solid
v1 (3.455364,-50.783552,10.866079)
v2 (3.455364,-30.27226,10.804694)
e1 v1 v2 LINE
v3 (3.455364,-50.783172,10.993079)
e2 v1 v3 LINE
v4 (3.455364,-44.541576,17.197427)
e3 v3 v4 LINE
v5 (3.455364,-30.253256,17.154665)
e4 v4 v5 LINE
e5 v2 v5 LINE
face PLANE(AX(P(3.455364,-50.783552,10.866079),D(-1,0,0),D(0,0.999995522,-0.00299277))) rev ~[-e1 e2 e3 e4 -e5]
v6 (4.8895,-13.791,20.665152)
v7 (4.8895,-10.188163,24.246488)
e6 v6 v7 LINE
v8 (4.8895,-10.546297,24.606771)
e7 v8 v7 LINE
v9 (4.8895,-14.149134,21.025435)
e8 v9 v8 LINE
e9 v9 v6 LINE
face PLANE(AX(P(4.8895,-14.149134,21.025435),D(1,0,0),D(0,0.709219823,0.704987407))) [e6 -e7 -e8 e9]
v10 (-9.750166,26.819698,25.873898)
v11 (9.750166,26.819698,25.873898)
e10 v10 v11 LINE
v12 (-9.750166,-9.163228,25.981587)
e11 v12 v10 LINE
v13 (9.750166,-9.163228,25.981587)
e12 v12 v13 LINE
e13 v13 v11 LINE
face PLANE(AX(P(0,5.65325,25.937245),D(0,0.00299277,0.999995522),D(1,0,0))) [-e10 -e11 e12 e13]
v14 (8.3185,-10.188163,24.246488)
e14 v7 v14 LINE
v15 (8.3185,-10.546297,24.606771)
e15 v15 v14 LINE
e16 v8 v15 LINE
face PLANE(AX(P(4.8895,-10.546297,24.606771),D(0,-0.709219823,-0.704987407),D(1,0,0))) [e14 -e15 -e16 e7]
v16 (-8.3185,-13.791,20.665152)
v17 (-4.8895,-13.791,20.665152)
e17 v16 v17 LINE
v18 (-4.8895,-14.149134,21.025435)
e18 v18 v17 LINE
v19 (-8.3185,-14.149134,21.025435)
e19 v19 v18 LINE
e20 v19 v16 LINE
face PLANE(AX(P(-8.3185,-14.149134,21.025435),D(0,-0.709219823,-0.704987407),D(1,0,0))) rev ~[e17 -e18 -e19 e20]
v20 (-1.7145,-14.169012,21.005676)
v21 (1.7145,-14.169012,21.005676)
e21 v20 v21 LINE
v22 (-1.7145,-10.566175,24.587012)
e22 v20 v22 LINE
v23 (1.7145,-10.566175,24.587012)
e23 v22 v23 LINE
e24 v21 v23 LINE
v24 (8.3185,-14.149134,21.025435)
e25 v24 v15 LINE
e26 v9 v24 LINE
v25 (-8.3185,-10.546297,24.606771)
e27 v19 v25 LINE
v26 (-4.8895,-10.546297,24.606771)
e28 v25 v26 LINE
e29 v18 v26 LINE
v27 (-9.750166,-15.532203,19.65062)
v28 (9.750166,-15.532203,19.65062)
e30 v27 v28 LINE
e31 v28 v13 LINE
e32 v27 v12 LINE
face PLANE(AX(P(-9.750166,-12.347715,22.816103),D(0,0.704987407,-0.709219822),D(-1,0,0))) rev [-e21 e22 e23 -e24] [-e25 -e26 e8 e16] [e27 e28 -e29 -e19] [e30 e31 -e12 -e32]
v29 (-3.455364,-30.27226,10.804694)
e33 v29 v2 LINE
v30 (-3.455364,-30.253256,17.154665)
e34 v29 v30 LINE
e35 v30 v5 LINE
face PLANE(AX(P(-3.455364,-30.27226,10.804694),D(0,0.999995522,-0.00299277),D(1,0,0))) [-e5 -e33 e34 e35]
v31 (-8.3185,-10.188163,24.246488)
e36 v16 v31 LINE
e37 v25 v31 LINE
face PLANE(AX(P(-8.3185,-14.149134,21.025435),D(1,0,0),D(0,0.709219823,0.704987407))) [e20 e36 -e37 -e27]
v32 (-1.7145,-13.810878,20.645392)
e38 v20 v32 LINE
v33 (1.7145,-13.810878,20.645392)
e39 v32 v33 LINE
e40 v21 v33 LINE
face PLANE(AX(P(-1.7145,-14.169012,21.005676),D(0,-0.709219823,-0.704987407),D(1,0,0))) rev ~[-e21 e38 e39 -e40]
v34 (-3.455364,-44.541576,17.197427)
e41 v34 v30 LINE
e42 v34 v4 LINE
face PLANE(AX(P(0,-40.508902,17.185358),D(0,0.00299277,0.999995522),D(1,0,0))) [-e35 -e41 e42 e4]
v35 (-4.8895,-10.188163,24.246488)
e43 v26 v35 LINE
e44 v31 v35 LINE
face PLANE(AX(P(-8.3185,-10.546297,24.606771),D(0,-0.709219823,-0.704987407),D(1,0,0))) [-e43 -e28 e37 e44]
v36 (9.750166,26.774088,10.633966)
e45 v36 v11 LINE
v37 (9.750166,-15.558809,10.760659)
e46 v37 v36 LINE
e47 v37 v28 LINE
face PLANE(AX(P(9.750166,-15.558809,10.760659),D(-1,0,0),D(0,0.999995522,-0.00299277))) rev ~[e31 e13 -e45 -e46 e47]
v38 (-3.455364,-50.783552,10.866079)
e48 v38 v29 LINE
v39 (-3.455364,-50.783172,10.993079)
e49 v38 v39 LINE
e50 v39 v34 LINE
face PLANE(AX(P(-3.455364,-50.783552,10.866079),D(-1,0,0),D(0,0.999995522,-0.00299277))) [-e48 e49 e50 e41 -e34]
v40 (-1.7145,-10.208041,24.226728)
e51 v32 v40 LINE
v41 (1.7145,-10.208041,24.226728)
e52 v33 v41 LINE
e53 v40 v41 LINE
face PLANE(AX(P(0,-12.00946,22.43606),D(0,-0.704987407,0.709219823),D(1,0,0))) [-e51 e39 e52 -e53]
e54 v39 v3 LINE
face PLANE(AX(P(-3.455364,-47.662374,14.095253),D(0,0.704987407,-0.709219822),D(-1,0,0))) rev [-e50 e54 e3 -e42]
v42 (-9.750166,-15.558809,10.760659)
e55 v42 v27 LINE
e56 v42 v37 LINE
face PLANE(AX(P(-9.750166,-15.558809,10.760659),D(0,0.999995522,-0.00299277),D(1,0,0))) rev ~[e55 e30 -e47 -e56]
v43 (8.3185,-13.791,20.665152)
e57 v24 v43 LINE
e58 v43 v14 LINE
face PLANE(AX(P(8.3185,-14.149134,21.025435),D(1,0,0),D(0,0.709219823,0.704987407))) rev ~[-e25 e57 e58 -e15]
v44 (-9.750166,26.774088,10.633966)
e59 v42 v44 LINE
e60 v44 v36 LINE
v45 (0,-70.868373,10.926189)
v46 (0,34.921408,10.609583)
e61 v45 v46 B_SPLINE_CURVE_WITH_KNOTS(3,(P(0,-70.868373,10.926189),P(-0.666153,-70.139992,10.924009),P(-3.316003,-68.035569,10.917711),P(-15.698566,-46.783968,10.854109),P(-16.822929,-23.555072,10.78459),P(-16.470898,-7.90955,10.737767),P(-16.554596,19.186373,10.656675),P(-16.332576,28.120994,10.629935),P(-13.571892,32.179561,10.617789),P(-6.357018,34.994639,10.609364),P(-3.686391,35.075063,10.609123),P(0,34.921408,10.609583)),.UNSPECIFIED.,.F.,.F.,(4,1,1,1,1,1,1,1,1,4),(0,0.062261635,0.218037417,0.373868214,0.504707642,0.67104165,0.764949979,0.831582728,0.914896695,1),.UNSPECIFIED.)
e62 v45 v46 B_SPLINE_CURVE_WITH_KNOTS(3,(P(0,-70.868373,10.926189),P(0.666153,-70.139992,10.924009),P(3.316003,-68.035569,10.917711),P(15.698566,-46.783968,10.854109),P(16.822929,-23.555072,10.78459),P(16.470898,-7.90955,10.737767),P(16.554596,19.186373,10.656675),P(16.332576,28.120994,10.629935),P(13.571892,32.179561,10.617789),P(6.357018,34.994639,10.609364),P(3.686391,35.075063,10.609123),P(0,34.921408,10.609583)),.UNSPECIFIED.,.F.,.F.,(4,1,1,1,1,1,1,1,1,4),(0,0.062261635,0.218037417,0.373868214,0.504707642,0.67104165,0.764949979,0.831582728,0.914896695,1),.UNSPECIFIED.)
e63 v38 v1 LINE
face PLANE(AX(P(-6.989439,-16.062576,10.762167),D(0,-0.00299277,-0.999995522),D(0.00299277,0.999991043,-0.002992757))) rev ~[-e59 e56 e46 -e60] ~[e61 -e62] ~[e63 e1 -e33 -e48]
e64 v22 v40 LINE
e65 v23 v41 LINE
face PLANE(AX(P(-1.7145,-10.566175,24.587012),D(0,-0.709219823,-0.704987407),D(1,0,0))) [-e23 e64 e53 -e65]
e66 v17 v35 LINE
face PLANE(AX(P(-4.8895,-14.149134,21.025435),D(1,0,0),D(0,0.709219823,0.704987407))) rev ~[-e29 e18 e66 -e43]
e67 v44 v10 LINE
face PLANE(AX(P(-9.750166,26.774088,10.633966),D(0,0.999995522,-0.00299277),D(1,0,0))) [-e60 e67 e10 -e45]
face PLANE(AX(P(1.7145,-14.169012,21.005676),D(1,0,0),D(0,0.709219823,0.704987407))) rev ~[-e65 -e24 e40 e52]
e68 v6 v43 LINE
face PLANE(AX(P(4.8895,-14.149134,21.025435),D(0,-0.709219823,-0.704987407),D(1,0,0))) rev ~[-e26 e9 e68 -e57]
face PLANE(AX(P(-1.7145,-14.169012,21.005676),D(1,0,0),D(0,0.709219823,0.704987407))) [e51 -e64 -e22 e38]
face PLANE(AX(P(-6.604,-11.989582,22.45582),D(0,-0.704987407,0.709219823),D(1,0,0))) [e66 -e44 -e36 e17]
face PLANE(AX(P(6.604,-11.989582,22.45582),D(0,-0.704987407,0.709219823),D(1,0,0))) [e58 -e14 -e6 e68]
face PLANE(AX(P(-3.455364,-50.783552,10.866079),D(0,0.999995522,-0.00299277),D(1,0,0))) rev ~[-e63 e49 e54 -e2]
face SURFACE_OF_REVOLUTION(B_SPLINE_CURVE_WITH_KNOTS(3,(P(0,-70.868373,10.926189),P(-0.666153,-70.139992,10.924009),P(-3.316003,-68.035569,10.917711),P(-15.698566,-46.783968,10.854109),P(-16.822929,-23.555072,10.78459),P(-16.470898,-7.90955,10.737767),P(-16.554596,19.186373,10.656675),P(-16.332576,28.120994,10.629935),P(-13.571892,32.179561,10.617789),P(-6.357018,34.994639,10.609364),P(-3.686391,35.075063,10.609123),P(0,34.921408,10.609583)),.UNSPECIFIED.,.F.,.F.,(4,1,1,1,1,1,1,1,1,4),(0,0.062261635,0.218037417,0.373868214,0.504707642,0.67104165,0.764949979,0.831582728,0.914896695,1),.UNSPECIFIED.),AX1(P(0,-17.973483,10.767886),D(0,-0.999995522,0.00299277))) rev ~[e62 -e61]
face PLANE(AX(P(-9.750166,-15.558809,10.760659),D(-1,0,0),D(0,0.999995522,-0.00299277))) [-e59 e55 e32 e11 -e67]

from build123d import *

# Parameters (mm, degrees)
F1_ANGLE_BACK = 90
F1_ANGLE      = 180
F2_W          = 19.5003319532
F2_H          = 42.3330869526
F3_DEPTH      = 15.24
F2_W_2        = 6.9107273594
F2_H_2        = 20.5113845763
F4_DEPTH      = 6.35
F5_SIZE       = 6.35
F6_SIZE       = 6.223
F7_W          = 3.429
F7_H          = 5.08
F8_DEPTH      = 0.508


with BuildPart() as f1:
    # F0 (on Right) → F1 (revolve)
    with BuildSketch(Plane.YZ, mode=Mode.PRIVATE) as f1_sk:
        with BuildLine():
            Line((34.9214076996, 10.6095829979), (-70.8683729172, 10.9261889011))
            add(Edge.make_bspline(
                [(-70.8683729172, 10.9261889011), (-70.1419854561, 10.2578587346), (-68.0454930222, 7.6017228607), (-46.8309506702, -4.8443860401), (-23.6054190841, -6.038263541), (-7.9588431838, -5.7330571075), (19.1368285034, -5.8978473622), (28.0721145699, -5.7025676976), (32.1389431313, -2.954042184), (34.975613757, 4.252374343), (35.0640308282, 6.9227486413), (34.9214076996, 10.6095829979)],
                knots=[0, 0, 0, 0, 0.0622616351, 0.2180374171, 0.3738682141, 0.5047076416, 0.6710416497, 0.7649499794, 0.8315827282, 0.9148966955, 1, 1, 1, 1], degree=3))
        make_face()
    revolve(f1_sk.sketch.rotate(Axis((0, -17.9734826088, 10.7678859495), (0, -0.9999955217, 0.00299277)), -F1_ANGLE_BACK), axis=Axis((0, -17.9734826088, 10.7678859495), (0, -0.9999955217, 0.00299277)), revolution_arc=F1_ANGLE)

    # F2 (on face) → F3 (join)
    with BuildSketch(Plane(origin=(0, 0.0320646795, 10.7139992458), x_dir=(1, 0, 0), z_dir=(0, 0.00299277, 0.9999955217))):
        with Locations((0, 5.5756000802)):
            Rectangle(F2_W, F2_H)
    extrude(amount=F3_DEPTH)

    # F2 (on face) → F4 (join)
    with BuildSketch(Plane(origin=(0, 0.0320646795, 10.7139992458), x_dir=(1, 0, 0), z_dir=(0, 0.00299277, 0.9999955217))):
        with Locations((0, -40.5601523817)):
            Rectangle(F2_W_2, F2_H_2)
    extrude(amount=F4_DEPTH)

    # F5
    f5_edges = [f1.edges().sort_by_distance(p)[0] for p in [
        (0, -15.513199, 26.000591),
    ]]
    chamfer(f5_edges, length=F5_SIZE)

    # F6
    f6_edges = [f1.edges().sort_by_distance(p)[0] for p in [
        (0, -50.764548, 17.216051),
    ]]
    chamfer(f6_edges, length=F6_SIZE)

    # F7 (on face) → F8 (cut)
    with BuildSketch(Plane(origin=(0, -17.5447512472, 17.6500817605), x_dir=(1, 0, 0), z_dir=(0, -0.7049874065, 0.7092198225))):
        with Locations((0, 7.2997931698)):
            Rectangle(F7_W, F7_H)
        with Locations((6.604, 7.327820993)):
            Rectangle(F7_W, F7_H)
        with Locations((-6.604, 7.327820993)):
            Rectangle(F7_W, F7_H)
    extrude(amount=-F8_DEPTH, mode=Mode.SUBTRACT)


solid = f1.part
